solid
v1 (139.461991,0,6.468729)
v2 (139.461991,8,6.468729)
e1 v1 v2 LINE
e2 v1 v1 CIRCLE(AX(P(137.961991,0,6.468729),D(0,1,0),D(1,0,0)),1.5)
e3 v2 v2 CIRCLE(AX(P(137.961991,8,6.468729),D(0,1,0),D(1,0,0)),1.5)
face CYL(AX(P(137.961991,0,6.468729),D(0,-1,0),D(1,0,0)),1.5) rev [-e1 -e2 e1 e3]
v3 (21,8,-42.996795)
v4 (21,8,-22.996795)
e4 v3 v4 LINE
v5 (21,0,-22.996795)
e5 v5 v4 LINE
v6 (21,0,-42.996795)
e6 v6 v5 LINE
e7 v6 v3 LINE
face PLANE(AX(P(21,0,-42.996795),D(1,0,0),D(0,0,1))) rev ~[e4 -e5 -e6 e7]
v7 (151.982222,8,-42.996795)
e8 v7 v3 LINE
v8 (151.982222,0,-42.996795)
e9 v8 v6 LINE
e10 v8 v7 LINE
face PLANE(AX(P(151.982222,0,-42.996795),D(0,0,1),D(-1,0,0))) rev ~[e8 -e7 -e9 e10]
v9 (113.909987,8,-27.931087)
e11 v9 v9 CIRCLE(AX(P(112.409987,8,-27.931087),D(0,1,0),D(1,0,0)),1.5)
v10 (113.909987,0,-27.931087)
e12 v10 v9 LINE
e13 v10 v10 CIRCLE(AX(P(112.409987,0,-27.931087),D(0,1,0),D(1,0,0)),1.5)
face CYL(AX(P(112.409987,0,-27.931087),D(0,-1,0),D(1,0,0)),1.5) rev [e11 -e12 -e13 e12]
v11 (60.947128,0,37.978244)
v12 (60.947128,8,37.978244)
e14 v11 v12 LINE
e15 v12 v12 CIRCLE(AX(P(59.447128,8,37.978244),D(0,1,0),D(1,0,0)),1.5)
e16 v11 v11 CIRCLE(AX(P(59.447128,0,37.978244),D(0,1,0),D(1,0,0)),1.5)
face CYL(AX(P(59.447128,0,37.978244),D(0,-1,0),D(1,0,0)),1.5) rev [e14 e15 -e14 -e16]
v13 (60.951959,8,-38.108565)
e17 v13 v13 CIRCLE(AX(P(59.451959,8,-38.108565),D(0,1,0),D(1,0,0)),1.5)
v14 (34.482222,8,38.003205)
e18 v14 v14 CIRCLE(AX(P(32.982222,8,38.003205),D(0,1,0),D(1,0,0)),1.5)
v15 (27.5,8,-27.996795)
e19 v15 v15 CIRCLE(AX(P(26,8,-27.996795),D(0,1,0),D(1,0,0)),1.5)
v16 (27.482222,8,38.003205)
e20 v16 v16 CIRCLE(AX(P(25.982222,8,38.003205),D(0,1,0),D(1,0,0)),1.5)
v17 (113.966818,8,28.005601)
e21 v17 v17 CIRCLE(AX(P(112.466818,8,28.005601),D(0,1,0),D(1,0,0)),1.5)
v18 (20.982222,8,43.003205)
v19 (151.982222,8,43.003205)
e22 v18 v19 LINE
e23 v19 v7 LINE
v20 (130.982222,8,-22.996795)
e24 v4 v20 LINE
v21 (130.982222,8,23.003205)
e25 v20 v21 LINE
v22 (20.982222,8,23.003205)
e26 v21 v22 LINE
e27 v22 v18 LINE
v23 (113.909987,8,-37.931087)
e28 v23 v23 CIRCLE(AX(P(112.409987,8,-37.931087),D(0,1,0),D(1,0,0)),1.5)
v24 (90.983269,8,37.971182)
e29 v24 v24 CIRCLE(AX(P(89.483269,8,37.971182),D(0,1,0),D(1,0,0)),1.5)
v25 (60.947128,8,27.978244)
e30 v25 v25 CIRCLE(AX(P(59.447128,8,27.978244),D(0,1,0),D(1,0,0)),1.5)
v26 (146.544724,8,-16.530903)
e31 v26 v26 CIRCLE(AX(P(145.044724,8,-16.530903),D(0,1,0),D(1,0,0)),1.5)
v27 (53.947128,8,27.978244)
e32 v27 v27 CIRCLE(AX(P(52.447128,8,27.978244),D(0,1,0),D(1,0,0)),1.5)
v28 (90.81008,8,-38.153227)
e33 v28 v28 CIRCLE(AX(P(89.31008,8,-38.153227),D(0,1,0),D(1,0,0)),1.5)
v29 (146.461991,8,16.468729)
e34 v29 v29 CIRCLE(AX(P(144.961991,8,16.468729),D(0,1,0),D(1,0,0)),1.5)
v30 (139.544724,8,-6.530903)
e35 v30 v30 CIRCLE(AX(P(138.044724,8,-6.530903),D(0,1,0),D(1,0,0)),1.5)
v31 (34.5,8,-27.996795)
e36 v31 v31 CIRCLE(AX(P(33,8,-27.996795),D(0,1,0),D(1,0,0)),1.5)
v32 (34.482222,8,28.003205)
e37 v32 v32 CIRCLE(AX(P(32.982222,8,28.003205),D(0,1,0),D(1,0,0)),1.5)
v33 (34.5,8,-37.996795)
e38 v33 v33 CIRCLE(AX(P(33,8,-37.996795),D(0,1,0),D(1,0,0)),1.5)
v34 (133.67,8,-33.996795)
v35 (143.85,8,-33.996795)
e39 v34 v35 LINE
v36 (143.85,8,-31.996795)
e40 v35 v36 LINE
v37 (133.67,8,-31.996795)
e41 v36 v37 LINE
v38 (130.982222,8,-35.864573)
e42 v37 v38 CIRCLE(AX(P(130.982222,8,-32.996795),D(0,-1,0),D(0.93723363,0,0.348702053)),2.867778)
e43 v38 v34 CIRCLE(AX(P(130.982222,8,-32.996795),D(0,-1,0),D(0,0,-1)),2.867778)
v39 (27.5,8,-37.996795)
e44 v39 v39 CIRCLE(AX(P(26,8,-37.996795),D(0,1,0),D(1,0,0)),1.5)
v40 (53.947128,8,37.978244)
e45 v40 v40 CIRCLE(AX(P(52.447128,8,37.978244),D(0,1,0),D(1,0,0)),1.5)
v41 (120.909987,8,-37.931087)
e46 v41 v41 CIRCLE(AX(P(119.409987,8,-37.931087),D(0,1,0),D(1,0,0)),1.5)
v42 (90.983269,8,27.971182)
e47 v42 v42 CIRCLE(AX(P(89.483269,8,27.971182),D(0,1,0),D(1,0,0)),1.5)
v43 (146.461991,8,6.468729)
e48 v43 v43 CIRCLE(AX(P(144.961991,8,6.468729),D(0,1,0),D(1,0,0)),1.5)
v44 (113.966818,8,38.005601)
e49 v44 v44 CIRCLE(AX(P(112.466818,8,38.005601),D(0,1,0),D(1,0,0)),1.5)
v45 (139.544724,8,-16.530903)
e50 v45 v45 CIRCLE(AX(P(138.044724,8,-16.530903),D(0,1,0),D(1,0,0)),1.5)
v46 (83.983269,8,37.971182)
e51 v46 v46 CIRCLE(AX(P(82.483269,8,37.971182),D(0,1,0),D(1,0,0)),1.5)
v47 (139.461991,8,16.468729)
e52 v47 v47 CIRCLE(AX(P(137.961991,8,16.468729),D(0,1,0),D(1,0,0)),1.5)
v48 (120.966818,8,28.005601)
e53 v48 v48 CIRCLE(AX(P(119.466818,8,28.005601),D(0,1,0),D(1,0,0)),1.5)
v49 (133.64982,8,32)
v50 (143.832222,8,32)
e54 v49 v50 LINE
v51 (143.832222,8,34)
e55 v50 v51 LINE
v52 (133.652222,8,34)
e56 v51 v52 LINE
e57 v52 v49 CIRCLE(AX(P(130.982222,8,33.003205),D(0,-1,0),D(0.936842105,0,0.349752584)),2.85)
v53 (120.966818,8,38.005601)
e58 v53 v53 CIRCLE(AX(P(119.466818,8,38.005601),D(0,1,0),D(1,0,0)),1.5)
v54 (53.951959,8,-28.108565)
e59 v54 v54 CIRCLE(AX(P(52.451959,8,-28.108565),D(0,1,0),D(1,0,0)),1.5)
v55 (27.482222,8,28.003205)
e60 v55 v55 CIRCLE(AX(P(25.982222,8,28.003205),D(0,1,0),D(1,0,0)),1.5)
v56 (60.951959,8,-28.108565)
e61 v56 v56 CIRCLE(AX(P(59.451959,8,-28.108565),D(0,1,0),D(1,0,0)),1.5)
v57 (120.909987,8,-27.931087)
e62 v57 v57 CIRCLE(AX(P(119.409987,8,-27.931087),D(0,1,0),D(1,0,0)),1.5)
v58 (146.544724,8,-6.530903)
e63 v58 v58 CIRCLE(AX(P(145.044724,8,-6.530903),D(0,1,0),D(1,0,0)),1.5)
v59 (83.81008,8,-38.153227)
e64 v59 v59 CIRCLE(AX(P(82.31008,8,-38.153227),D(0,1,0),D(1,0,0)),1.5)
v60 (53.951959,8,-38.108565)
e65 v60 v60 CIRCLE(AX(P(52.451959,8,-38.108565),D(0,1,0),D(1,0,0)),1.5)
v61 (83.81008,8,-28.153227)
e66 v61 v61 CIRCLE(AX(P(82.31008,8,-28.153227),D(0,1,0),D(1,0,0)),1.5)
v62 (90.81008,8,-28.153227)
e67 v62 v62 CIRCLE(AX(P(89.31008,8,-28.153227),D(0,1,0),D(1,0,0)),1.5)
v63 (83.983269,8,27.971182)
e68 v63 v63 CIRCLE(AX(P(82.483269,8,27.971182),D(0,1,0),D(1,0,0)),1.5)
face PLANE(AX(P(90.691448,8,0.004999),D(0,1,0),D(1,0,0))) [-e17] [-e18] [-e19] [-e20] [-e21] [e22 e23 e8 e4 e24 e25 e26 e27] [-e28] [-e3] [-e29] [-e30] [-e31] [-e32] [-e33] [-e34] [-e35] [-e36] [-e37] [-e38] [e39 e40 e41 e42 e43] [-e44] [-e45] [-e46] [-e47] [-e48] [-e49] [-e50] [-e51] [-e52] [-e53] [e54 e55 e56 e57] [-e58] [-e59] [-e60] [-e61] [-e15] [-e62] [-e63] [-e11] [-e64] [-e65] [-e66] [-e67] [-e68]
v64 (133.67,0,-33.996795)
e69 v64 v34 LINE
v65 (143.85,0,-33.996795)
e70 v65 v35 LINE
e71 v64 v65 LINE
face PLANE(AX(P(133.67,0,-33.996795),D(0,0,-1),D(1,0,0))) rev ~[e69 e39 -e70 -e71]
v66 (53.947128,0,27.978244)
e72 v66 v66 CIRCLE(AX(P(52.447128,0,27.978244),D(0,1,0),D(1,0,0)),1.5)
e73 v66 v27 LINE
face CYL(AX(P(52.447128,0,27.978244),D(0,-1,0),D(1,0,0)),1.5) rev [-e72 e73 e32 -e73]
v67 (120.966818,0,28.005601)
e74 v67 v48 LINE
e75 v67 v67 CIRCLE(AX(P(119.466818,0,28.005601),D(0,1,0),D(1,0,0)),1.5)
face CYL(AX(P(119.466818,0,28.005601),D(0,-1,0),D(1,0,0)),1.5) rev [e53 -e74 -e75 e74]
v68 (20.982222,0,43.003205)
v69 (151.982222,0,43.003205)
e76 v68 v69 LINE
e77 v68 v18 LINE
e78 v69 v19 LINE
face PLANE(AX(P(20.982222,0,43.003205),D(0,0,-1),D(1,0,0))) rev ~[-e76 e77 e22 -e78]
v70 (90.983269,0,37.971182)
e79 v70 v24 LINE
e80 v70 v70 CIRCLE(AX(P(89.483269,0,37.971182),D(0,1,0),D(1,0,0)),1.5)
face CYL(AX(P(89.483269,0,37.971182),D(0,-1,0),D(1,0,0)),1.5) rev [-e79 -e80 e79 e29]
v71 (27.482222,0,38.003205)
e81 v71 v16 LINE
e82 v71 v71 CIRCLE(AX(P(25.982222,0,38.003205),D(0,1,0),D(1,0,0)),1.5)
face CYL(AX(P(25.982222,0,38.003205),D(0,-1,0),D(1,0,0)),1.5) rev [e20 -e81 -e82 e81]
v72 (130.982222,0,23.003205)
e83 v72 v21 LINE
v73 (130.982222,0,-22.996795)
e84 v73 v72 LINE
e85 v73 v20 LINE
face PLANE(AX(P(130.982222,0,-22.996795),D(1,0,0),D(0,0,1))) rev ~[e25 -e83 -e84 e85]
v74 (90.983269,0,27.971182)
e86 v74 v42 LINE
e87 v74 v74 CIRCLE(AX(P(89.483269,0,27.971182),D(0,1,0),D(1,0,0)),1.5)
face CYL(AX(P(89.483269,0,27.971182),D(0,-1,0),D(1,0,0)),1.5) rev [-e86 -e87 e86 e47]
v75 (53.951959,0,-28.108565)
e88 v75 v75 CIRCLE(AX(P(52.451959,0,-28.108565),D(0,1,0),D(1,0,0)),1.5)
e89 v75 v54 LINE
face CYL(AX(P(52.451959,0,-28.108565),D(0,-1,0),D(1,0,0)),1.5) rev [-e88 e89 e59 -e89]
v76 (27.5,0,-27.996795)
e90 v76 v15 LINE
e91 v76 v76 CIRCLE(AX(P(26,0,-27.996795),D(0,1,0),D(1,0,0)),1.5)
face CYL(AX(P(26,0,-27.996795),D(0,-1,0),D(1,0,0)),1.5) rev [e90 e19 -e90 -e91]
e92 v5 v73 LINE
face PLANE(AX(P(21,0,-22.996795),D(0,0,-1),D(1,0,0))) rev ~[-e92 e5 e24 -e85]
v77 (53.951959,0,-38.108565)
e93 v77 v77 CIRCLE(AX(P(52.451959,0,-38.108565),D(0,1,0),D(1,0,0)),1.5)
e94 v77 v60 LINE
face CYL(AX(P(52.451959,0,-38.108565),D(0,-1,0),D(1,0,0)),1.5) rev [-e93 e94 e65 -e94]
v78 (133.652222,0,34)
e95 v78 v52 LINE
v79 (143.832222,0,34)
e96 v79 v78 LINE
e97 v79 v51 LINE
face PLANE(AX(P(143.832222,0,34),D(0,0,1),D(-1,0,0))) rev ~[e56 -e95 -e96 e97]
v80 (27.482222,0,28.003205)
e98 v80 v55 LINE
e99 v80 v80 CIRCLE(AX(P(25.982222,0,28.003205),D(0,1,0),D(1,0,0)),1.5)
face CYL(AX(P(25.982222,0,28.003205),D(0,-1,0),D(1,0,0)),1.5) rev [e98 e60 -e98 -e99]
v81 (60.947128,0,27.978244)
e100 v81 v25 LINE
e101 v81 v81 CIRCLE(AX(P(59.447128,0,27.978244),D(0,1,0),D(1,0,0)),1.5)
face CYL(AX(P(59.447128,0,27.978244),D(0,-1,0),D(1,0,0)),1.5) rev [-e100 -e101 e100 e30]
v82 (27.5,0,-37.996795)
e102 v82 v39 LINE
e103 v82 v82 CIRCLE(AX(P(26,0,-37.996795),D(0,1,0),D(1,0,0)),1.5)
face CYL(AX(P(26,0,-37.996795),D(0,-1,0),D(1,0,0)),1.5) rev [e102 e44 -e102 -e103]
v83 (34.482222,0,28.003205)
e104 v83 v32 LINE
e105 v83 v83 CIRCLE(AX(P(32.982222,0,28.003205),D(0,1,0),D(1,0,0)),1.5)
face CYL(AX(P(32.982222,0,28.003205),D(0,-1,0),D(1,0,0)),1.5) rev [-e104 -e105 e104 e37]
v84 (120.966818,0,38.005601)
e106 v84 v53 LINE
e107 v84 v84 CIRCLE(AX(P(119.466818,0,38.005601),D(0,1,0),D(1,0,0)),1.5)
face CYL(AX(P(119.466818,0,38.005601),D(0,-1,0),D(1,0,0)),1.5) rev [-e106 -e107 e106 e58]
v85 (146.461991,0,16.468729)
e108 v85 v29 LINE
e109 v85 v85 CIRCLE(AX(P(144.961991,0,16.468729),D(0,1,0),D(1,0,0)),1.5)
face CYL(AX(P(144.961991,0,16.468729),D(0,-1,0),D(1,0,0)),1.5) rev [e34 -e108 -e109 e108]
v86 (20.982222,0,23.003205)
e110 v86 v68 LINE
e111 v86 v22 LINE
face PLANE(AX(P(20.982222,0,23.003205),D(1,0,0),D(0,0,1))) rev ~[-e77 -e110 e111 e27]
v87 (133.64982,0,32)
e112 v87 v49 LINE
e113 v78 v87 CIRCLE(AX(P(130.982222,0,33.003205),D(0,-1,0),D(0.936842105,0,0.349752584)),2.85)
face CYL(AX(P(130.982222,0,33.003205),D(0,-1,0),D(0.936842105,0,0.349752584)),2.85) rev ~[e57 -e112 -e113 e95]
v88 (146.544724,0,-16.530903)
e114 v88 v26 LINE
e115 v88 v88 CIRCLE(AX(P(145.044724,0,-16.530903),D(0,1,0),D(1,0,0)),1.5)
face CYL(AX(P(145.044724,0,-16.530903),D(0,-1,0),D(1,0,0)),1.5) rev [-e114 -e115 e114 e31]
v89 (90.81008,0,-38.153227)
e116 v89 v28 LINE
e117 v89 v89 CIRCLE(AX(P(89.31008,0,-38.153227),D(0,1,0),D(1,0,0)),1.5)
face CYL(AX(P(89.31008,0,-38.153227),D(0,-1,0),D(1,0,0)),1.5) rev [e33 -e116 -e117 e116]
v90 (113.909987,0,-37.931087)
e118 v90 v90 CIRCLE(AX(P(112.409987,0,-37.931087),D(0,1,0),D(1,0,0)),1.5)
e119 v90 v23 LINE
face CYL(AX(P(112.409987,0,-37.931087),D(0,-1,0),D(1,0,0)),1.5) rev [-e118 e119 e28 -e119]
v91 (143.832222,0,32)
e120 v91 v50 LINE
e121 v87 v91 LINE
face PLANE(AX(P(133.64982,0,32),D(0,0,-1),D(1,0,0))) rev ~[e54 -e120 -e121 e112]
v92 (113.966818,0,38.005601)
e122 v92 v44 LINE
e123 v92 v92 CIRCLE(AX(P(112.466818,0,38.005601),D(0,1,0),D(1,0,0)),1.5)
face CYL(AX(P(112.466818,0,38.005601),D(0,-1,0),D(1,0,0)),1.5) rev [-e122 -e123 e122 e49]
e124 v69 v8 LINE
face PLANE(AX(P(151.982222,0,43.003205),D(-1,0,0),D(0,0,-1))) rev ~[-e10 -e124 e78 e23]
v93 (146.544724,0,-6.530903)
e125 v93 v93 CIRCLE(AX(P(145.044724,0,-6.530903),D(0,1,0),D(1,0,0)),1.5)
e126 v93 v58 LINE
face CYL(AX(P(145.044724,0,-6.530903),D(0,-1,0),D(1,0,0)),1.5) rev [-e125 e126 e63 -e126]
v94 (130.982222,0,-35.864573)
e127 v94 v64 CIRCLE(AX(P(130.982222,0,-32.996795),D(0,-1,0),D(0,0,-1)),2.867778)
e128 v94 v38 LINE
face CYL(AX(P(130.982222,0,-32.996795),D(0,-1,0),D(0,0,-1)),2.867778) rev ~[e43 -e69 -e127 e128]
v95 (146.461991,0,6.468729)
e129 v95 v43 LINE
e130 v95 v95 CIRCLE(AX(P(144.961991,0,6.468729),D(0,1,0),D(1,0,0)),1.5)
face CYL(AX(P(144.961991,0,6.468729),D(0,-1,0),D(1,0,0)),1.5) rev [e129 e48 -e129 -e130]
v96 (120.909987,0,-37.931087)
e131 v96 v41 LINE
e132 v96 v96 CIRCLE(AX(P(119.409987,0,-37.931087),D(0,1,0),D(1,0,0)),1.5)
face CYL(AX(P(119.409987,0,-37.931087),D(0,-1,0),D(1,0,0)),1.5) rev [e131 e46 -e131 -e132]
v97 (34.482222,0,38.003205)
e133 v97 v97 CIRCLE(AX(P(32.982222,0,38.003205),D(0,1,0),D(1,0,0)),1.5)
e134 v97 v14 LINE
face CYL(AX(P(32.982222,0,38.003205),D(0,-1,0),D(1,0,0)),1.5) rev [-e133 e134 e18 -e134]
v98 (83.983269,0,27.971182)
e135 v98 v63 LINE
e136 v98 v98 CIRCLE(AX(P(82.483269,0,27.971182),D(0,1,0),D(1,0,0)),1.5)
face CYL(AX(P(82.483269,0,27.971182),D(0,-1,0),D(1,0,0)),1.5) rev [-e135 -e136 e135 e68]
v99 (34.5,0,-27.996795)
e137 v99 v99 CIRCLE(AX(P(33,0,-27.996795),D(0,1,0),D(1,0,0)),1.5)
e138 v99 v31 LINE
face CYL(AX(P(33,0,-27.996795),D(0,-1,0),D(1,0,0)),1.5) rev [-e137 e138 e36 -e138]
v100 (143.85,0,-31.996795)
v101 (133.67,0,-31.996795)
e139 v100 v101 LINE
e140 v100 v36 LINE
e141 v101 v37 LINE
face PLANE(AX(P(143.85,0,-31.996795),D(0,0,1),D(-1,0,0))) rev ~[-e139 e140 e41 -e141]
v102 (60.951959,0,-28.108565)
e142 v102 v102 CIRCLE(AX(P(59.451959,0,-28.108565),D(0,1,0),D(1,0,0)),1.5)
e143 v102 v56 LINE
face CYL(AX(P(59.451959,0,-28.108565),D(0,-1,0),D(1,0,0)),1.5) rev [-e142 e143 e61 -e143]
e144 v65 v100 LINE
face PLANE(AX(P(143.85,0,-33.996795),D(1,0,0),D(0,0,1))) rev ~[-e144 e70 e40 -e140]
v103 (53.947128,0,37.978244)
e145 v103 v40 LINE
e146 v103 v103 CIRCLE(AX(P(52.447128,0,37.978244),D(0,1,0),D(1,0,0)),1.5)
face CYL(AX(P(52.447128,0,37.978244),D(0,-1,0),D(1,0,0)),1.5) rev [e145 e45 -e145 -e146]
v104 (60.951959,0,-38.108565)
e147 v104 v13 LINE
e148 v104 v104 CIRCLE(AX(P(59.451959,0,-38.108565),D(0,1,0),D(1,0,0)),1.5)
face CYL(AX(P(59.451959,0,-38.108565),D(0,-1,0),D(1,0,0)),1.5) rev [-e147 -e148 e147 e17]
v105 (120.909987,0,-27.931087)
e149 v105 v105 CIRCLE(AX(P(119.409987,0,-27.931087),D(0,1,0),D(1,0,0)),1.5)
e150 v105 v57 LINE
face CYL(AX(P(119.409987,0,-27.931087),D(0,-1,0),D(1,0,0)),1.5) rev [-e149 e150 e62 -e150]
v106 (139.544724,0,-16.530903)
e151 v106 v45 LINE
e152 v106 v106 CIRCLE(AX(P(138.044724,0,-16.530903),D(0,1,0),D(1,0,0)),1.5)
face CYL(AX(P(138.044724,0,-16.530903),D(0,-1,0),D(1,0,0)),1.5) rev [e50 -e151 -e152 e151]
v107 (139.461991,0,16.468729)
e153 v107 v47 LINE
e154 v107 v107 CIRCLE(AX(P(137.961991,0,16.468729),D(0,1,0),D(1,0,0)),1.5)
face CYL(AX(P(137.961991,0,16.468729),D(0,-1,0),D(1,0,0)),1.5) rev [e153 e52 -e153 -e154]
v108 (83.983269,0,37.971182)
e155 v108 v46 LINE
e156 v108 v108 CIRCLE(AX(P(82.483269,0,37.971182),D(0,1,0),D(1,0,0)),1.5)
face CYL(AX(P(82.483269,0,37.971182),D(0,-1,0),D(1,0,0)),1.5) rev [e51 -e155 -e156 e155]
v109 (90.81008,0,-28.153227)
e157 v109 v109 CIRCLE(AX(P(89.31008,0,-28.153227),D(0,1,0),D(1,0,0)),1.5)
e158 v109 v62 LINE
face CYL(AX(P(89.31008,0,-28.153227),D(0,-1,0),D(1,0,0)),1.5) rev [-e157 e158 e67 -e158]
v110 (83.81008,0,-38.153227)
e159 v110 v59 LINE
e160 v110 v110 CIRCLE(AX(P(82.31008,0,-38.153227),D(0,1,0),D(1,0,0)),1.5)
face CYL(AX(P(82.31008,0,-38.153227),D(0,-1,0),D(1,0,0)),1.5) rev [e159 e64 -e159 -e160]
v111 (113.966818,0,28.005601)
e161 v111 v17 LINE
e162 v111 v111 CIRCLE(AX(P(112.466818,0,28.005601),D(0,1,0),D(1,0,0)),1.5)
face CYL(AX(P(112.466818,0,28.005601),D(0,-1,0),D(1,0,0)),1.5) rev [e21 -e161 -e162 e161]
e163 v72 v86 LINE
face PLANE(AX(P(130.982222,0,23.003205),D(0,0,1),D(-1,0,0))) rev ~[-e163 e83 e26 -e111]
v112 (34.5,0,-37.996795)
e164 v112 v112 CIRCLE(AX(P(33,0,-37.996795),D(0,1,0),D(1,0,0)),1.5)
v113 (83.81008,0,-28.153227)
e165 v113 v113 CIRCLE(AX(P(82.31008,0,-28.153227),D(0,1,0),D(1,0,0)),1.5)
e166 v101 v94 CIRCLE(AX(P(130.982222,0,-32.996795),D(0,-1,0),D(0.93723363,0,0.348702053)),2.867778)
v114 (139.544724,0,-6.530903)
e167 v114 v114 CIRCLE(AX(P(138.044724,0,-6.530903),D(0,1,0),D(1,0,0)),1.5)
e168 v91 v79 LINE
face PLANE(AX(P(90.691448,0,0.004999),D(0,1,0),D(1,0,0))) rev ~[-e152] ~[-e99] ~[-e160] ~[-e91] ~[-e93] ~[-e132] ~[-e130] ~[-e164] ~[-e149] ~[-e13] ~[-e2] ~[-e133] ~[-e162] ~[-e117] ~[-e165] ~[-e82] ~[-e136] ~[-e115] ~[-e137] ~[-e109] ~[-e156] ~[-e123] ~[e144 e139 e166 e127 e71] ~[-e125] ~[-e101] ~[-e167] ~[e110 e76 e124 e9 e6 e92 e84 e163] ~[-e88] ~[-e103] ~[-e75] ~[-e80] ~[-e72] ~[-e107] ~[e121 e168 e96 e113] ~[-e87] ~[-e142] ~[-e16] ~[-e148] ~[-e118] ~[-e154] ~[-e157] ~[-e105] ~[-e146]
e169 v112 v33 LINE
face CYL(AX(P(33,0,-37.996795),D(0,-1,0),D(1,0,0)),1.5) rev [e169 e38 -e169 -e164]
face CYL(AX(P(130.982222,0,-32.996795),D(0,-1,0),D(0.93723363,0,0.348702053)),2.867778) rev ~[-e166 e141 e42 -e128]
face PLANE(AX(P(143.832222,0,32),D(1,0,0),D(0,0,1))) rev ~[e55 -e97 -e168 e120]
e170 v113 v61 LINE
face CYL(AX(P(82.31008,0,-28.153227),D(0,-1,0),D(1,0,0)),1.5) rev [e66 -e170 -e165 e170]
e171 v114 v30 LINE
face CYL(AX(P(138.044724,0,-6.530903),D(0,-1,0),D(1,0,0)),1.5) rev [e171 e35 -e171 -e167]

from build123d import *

# Parameters (mm, degrees)
SKETCH1_R           = 1.5
BOSS_EXTRUDE1_DEPTH = 8


with BuildPart() as part:
    # Sketch1 → Boss-Extrude1 (new body)
    with BuildSketch(Plane(origin=(0, 0, 0), x_dir=(1, 0, 0), z_dir=(0, 1, 0))):
        Polygon((21, 42.996794864), (21, 22.996794864), (130.982222222, 22.996794864), (130.982222222, -23.003205136), (20.982222222, -23.003205136), (20.982222222, -43.003205136), (151.982222222, -43.003205136), (151.982222222, 42.996794864), align=None)
        with BuildLine():
            ThreePointArc((133.652222222, -34), (128.132224278, -33.006627887), (133.649820291, -32))
            Line((133.649820291, -32), (143.832222222, -32))
            Line((143.832222222, -32), (143.832222222, -34))
            Line((143.832222222, -34), (133.652222222, -34))
        make_face(mode=Mode.SUBTRACT)
        with Locations((25.982222222, -38.003205136)):
            Circle(SKETCH1_R, mode=Mode.SUBTRACT)
        with Locations((32.982222222, -38.003205136)):
            Circle(SKETCH1_R, mode=Mode.SUBTRACT)
        with Locations((52.447128478, -37.978244052)):
            Circle(SKETCH1_R, mode=Mode.SUBTRACT)
        with Locations((59.447128478, -37.978244052)):
            Circle(SKETCH1_R, mode=Mode.SUBTRACT)
        with Locations((82.483268969, -37.971182344)):
            Circle(SKETCH1_R, mode=Mode.SUBTRACT)
        with Locations((89.483268969, -37.971182344)):
            Circle(SKETCH1_R, mode=Mode.SUBTRACT)
        with Locations((112.466817988, -38.005600575)):
            Circle(SKETCH1_R, mode=Mode.SUBTRACT)
        with Locations((119.466817988, -38.005600575)):
            Circle(SKETCH1_R, mode=Mode.SUBTRACT)
        with Locations((137.961991401, -16.468728947)):
            Circle(SKETCH1_R, mode=Mode.SUBTRACT)
        with Locations((144.961991401, -16.468728947)):
            Circle(SKETCH1_R, mode=Mode.SUBTRACT)
        with Locations((137.961991401, -6.468728947)):
            Circle(SKETCH1_R, mode=Mode.SUBTRACT)
        with Locations((144.961991401, -6.468728947)):
            Circle(SKETCH1_R, mode=Mode.SUBTRACT)
        with Locations((26, 27.996794864)):
            Circle(SKETCH1_R, mode=Mode.SUBTRACT)
        with Locations((33, 27.996794864)):
            Circle(SKETCH1_R, mode=Mode.SUBTRACT)
        with Locations((52.451959098, 28.108564772)):
            Circle(SKETCH1_R, mode=Mode.SUBTRACT)
        with Locations((26, 37.996794864)):
            Circle(SKETCH1_R, mode=Mode.SUBTRACT)
        with Locations((33, 37.996794864)):
            Circle(SKETCH1_R, mode=Mode.SUBTRACT)
        with Locations((52.451959098, 38.108564772)):
            Circle(SKETCH1_R, mode=Mode.SUBTRACT)
        with Locations((59.451959098, 28.108564772)):
            Circle(SKETCH1_R, mode=Mode.SUBTRACT)
        with Locations((82.310079685, 28.153226863)):
            Circle(SKETCH1_R, mode=Mode.SUBTRACT)
        with Locations((59.451959098, 38.108564772)):
            Circle(SKETCH1_R, mode=Mode.SUBTRACT)
        with Locations((82.310079685, 38.153226863)):
            Circle(SKETCH1_R, mode=Mode.SUBTRACT)
        with Locations((138.044723892, 6.53090338)):
            Circle(SKETCH1_R, mode=Mode.SUBTRACT)
        with Locations((145.044723892, 6.53090338)):
            Circle(SKETCH1_R, mode=Mode.SUBTRACT)
        with Locations((138.044723892, 16.53090338)):
            Circle(SKETCH1_R, mode=Mode.SUBTRACT)
        with Locations((145.044723892, 16.53090338)):
            Circle(SKETCH1_R, mode=Mode.SUBTRACT)
        with Locations((89.310079685, 28.153226863)):
            Circle(SKETCH1_R, mode=Mode.SUBTRACT)
        with Locations((112.409987019, 27.931087325)):
            Circle(SKETCH1_R, mode=Mode.SUBTRACT)
        with Locations((89.310079685, 38.153226863)):
            Circle(SKETCH1_R, mode=Mode.SUBTRACT)
        with Locations((112.409987019, 37.931087325)):
            Circle(SKETCH1_R, mode=Mode.SUBTRACT)
        with Locations((119.409987019, 27.931087325)):
            Circle(SKETCH1_R, mode=Mode.SUBTRACT)
        with Locations((119.409987019, 37.931087325)):
            Circle(SKETCH1_R, mode=Mode.SUBTRACT)
        with BuildLine():
            ThreePointArc((130.982222222, 35.864572641), (132.618738584, 35.351781823), (133.67, 33.996794864))
            Line((133.67, 33.996794864), (143.85, 33.996794864))
            Line((143.85, 33.996794864), (143.85, 31.996794864))
            Line((143.85, 31.996794864), (133.67, 31.996794864))
            ThreePointArc((133.67, 31.996794864), (128.627235263, 31.360278502), (130.982222222, 35.864572641))
        make_face(mode=Mode.SUBTRACT)
        with Locations((52.447128478, -27.978244052)):
            Circle(SKETCH1_R, mode=Mode.SUBTRACT)
        with Locations((59.447128478, -27.978244052)):
            Circle(SKETCH1_R, mode=Mode.SUBTRACT)
        with Locations((82.483268969, -27.971182344)):
            Circle(SKETCH1_R, mode=Mode.SUBTRACT)
        with Locations((89.483268969, -27.971182344)):
            Circle(SKETCH1_R, mode=Mode.SUBTRACT)
        with Locations((112.466817988, -28.005600575)):
            Circle(SKETCH1_R, mode=Mode.SUBTRACT)
        with Locations((119.466817988, -28.005600575)):
            Circle(SKETCH1_R, mode=Mode.SUBTRACT)
        with Locations((25.982222222, -28.003205136)):
            Circle(SKETCH1_R, mode=Mode.SUBTRACT)
        with Locations((32.982222222, -28.003205136)):
            Circle(SKETCH1_R, mode=Mode.SUBTRACT)
    extrude(amount=BOSS_EXTRUDE1_DEPTH)


solid = part.part
